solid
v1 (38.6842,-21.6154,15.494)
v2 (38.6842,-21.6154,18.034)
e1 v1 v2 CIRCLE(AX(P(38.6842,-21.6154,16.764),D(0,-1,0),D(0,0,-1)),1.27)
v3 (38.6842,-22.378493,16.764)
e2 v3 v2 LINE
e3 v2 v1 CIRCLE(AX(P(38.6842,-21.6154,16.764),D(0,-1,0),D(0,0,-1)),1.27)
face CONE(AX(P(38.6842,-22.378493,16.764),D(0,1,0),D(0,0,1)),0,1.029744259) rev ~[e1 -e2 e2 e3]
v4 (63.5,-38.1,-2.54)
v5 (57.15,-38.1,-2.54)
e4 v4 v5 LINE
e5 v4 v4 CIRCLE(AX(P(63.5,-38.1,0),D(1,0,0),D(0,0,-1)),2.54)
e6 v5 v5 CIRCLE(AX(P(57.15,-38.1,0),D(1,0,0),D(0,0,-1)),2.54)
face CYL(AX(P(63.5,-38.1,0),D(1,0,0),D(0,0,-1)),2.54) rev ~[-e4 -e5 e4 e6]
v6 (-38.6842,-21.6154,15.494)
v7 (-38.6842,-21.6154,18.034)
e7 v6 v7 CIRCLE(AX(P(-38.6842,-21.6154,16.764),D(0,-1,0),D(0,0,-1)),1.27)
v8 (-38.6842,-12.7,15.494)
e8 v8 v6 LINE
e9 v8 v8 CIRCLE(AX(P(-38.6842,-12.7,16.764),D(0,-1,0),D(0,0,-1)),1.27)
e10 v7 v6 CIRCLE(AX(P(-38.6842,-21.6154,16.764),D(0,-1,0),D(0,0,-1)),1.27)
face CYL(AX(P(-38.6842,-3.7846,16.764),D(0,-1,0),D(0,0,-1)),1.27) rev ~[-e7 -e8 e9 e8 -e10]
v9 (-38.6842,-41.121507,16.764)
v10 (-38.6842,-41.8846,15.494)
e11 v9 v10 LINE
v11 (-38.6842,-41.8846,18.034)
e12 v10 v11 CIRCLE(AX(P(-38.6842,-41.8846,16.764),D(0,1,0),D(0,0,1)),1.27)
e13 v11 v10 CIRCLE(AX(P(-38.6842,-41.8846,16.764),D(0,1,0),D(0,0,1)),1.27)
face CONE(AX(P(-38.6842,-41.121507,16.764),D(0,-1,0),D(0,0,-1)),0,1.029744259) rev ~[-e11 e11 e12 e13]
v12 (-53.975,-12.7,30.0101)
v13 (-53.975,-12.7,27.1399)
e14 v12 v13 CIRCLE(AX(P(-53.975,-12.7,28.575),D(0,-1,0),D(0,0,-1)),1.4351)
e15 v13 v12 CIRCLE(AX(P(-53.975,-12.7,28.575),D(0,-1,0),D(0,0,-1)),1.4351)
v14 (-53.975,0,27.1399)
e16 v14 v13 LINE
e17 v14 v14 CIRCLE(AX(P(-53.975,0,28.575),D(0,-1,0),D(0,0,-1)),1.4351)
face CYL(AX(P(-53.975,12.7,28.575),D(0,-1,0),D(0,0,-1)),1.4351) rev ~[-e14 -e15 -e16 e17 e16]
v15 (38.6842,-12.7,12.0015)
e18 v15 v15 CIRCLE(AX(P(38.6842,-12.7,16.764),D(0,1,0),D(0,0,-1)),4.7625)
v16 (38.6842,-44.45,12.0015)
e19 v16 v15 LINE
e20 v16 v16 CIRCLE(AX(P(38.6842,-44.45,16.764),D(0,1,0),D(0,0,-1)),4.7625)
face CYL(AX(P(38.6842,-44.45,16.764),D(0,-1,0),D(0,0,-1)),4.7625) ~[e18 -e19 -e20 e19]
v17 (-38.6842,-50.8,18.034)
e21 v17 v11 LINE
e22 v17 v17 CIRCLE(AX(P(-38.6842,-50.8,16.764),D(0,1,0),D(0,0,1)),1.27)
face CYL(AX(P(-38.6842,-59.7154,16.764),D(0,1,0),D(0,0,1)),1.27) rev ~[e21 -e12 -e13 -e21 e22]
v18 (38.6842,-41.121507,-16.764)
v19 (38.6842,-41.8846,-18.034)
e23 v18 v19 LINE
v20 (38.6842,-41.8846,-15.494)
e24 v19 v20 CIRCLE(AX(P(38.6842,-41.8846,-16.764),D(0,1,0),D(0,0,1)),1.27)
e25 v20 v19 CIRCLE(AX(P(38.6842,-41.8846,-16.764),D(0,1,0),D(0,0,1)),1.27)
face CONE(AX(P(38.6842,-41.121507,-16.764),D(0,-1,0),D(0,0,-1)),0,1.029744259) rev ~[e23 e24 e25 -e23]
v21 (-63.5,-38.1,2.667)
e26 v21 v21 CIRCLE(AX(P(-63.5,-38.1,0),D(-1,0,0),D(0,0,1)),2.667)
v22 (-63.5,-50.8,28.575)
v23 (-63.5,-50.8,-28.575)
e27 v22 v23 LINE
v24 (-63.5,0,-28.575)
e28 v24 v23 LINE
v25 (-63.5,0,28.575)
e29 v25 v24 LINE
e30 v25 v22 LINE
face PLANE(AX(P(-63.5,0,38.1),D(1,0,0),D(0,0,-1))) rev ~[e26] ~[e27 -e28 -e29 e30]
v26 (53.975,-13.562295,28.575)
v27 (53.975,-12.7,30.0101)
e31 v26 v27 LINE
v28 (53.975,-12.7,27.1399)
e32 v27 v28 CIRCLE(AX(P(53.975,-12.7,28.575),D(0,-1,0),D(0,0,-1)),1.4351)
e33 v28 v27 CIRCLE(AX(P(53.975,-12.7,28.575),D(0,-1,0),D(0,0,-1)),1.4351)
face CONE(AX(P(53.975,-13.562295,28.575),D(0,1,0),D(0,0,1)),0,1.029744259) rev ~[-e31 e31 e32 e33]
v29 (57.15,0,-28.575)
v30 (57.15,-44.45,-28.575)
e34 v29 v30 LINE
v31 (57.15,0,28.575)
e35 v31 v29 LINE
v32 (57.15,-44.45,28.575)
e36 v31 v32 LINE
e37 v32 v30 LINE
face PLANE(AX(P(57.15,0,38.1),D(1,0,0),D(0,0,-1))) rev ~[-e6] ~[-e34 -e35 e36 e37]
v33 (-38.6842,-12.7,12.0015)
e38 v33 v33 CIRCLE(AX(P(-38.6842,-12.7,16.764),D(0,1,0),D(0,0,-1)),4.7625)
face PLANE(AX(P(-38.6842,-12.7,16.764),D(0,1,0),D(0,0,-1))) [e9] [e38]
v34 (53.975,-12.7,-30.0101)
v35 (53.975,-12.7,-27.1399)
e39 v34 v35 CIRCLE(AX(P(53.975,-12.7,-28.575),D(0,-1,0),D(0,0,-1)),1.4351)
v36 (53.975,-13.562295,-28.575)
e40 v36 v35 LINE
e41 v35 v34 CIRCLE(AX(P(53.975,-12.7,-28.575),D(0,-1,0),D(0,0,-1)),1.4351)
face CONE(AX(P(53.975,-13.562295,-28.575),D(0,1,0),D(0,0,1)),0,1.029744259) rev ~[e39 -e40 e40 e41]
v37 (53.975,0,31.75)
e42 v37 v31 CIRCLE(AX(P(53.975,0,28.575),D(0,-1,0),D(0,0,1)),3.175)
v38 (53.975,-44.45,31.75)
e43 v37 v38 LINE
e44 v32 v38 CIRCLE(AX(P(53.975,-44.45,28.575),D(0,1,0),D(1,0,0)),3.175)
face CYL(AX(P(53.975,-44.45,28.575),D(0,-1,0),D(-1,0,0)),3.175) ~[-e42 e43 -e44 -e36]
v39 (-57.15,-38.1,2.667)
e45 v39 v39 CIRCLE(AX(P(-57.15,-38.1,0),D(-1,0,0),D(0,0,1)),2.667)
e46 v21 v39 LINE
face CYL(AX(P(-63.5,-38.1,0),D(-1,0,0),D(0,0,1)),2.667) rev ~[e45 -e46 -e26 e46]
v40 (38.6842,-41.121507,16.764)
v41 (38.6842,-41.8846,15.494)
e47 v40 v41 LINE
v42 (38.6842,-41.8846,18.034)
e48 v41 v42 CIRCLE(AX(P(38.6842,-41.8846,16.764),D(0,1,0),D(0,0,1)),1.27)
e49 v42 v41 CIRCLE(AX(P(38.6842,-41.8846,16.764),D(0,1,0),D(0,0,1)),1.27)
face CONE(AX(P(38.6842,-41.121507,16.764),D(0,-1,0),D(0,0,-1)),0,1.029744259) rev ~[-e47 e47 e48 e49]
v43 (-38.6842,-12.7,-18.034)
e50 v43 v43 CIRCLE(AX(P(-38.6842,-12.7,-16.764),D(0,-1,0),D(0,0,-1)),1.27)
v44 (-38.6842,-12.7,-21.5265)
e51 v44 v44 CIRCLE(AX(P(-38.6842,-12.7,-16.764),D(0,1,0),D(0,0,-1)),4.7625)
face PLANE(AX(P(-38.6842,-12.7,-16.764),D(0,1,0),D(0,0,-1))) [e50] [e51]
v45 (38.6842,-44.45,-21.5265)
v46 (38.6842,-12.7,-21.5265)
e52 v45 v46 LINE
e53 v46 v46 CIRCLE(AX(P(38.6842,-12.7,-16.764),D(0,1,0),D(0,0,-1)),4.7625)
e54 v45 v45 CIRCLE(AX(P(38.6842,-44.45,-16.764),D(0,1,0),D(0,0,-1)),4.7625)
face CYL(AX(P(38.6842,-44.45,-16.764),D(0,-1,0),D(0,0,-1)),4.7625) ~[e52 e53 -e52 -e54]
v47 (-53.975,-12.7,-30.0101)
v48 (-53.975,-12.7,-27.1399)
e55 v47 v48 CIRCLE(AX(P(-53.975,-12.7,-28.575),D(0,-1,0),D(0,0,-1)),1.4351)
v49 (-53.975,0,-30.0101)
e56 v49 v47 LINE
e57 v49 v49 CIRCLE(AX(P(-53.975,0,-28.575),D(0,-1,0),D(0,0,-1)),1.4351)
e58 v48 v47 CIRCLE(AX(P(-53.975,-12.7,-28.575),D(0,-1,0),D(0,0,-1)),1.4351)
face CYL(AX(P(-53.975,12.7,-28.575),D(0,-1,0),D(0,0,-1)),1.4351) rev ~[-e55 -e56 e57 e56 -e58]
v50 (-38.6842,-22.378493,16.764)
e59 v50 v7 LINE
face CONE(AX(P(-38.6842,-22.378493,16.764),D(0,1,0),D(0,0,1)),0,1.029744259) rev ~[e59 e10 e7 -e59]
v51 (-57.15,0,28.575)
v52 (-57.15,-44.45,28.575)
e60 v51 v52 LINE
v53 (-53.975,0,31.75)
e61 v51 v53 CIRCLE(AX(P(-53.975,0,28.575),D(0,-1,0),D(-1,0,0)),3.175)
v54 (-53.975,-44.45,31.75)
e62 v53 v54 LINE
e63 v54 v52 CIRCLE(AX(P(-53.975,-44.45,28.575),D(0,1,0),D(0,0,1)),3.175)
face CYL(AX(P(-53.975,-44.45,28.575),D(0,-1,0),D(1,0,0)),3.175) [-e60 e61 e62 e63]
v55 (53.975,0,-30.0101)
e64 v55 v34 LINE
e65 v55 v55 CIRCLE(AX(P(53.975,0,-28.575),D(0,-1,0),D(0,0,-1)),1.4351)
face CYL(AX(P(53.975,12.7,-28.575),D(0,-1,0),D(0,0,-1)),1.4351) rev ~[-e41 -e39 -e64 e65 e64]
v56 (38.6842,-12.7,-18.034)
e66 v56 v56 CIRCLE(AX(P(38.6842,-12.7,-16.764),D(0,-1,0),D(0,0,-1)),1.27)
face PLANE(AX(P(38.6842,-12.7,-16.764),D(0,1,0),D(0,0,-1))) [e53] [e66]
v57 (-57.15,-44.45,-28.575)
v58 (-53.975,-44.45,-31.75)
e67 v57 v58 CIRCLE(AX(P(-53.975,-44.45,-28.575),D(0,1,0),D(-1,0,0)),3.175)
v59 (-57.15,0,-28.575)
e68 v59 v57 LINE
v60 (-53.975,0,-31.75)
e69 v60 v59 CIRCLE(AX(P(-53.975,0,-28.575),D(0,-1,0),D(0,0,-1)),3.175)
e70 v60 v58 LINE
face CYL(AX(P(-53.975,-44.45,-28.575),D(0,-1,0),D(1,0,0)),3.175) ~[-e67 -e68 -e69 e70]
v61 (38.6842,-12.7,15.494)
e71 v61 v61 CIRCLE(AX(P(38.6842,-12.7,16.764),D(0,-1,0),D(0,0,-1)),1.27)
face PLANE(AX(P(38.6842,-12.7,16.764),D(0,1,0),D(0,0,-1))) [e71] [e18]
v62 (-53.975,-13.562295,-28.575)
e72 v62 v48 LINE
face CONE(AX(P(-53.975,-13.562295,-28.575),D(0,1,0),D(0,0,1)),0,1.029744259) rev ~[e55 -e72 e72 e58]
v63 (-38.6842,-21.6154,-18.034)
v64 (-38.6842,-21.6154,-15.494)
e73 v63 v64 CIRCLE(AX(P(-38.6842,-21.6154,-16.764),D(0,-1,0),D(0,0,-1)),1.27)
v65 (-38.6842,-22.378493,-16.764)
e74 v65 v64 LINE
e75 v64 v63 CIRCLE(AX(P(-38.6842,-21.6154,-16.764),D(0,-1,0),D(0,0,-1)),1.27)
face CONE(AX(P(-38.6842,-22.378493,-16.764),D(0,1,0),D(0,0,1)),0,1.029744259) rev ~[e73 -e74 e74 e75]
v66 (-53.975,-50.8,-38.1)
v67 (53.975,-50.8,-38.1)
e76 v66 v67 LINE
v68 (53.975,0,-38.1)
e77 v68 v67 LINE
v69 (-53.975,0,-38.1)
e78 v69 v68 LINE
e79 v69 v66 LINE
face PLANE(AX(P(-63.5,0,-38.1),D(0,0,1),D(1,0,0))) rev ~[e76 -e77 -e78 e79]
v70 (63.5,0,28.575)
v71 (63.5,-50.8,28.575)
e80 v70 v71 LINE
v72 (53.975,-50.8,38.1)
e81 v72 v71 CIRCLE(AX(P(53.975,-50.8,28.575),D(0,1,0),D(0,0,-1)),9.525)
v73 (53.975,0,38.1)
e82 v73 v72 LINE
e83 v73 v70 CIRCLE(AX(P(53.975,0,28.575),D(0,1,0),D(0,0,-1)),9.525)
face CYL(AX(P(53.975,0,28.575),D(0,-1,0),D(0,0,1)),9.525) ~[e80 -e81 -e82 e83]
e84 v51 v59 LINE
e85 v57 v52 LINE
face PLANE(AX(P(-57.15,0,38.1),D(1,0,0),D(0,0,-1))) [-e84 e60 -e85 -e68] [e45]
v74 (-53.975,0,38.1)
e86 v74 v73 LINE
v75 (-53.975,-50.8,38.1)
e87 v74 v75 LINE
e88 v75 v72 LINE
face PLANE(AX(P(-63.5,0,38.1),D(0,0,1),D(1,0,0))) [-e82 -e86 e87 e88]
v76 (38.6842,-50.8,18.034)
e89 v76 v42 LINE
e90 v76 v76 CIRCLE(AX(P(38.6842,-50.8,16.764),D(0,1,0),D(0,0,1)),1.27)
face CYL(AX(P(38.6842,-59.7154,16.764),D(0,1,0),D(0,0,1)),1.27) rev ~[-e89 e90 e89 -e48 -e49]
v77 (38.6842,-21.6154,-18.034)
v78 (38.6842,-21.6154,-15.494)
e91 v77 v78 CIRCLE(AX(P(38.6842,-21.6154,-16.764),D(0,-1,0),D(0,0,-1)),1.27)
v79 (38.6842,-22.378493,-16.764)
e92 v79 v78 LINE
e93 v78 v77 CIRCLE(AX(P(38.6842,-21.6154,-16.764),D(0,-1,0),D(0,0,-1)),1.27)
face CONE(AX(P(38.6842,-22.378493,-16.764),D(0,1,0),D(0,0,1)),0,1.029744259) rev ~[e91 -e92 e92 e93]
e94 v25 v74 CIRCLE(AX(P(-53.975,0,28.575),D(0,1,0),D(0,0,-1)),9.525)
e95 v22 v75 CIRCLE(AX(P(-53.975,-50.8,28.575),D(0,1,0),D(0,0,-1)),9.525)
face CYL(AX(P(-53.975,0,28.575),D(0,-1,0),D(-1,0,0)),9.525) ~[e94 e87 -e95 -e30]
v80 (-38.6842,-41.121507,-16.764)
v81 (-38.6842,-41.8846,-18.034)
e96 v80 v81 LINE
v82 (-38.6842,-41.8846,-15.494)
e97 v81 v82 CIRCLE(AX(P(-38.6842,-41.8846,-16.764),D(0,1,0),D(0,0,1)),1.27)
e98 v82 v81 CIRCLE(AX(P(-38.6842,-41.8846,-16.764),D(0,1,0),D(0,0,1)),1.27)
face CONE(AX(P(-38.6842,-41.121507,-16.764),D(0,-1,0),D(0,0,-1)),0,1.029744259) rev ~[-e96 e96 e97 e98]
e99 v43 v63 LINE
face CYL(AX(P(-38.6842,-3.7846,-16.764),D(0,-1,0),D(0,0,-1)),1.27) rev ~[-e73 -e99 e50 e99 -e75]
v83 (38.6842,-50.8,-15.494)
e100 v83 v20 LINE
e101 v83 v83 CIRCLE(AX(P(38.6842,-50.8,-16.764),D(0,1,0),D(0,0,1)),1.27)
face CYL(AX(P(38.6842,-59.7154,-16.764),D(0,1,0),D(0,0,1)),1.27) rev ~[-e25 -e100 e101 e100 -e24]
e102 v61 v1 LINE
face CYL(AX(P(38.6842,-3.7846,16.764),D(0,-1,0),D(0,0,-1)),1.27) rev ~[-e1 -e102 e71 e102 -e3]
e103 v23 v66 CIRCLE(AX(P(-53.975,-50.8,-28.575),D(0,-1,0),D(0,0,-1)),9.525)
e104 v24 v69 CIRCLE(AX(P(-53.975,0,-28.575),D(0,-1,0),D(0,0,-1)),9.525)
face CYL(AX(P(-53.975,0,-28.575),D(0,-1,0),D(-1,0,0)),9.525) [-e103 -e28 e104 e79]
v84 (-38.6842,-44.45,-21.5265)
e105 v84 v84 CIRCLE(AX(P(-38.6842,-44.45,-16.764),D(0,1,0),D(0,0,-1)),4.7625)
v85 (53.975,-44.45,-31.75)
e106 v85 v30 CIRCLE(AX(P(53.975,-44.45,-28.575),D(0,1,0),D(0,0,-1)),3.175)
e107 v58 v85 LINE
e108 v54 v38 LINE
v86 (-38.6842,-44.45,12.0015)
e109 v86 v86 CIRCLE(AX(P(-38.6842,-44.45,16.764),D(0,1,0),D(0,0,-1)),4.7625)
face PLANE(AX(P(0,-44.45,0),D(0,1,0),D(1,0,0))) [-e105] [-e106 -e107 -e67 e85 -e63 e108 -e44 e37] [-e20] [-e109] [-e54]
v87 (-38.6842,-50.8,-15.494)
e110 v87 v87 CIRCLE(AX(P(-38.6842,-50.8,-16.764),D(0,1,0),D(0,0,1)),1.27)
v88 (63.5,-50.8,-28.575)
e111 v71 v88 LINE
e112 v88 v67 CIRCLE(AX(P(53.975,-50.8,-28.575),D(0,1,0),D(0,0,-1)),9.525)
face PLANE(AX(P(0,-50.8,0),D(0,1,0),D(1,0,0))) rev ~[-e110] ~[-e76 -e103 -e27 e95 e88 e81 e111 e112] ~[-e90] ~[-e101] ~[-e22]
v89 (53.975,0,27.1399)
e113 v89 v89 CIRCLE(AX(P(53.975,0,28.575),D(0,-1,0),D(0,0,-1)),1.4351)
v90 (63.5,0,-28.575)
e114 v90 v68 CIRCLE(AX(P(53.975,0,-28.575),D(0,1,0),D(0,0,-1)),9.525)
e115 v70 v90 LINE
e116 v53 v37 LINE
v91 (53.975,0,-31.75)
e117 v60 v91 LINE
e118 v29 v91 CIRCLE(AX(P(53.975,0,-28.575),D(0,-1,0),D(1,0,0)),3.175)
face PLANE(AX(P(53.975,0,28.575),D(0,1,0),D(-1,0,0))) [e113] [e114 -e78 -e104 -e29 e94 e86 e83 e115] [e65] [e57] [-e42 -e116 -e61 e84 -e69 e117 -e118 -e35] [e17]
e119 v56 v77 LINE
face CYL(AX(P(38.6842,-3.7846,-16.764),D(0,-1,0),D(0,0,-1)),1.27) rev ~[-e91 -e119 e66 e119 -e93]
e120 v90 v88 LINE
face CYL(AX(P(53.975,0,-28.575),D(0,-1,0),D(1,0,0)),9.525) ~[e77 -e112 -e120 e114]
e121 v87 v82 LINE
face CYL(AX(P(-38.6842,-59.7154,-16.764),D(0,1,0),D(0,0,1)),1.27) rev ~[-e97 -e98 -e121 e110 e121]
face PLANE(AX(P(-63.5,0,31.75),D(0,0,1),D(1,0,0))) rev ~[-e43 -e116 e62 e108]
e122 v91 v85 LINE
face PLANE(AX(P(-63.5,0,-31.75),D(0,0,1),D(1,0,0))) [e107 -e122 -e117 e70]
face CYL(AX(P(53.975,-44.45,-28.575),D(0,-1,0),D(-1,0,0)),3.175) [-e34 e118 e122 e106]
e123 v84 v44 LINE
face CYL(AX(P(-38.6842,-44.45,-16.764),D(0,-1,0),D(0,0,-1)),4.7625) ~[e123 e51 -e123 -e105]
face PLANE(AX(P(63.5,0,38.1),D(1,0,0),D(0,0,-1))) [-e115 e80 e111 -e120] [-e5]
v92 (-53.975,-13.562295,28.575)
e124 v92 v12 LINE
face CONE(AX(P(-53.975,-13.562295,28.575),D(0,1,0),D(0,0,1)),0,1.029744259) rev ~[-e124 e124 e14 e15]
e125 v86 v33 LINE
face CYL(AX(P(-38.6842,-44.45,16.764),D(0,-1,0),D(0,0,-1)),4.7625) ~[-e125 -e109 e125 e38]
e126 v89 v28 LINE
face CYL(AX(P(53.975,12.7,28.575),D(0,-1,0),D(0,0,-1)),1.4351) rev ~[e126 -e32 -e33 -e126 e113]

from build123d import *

# Parameters (mm, degrees)
SKETCH1_W                 = 127
SKETCH1_H                 = 76.2
BOSS_EXTRUDE1_DEPTH       = 50.8
FILLET1_R                 = 9.525
SHELL2_T                  = -6.35
SKETCH2_R                 = 3.175
BOSS_EXTRUDE2_DEPTH       = 44.45
MIRROR2_COPY_1_SKETCH_R   = 3.175
MIRROR2_COPY_1_DEPTH      = 44.45
F_6_40_TAPPED_HOLE1_D     = 2.8702
F_6_40_TAPPED_HOLE1_DEPTH = 12.7
F_6_40_TAPPED_HOLE1_TIP   = 0.862295074
SKETCH4_R                 = 4.7625
BOSS_EXTRUDE3_DEPTH       = 31.75
F_6_40_TAPPED_HOLE2_D     = 2.54
F_6_40_TAPPED_HOLE2_DEPTH = 8.9154
F_6_40_TAPPED_HOLE2_TIP   = 0.763092986
SKETCH7_R                 = 2.667
CUT_EXTRUDE1_DEPTH        = 12.7
SKETCH8_R                 = 2.54
CUT_EXTRUDE2_DEPTH        = 13.97
F_6_40_TAPPED_HOLE3_D     = 2.54
F_6_40_TAPPED_HOLE3_DEPTH = 8.9154
F_6_40_TAPPED_HOLE3_TIP   = 0.763092986


with BuildPart() as part:
    # Sketch1 → Boss-Extrude1 (new body)
    with BuildSketch(Plane(origin=(0, 0, 0), x_dir=(1, 0, 0), z_dir=(0, 1, 0))):
        Rectangle(SKETCH1_W, SKETCH1_H)
    extrude(amount=-BOSS_EXTRUDE1_DEPTH)

    # Fillet1
    fillet1_edges = [part.edges().sort_by_distance(p)[0] for p in [
        (63.5, -25.4, 38.1),
        (-63.5, -25.4, 38.1),
        (-63.5, -25.4, -38.1),
        (63.5, -25.4, -38.1),
    ]]
    fillet(fillet1_edges, radius=FILLET1_R)

    # Shell2
    shell2_openings = [part.faces().sort_by_distance(p)[0] for p in [
        (0, 0, 0),
    ]]
    offset(amount=SHELL2_T, openings=shell2_openings, kind=Kind.INTERSECTION)

    # Sketch2 → Boss-Extrude2 (add)
    with BuildSketch(Plane(origin=(0, -44.45, 0), x_dir=(1, 0, 0), z_dir=(0, 1, 0))):
        with Locations((-53.975, 28.575)):
            Circle(SKETCH2_R)
    boss_extrude2 = extrude(amount=BOSS_EXTRUDE2_DEPTH)

    # Mirror1: Boss-Extrude2 across plane
    add(boss_extrude2.mirror(Plane(origin=(0, 0, 0), x_dir=(0, 0, 1), z_dir=(1, 0, 0))))

    # Mirror2: Boss-Extrude2 across plane
    add(boss_extrude2.mirror(Plane.XY))

    # Mirror2 copy 1 sketch → Mirror2 copy 1 (add)
    with BuildSketch(Plane(origin=(0, -44.45, 0), x_dir=(-1, 0, 0), z_dir=(0, 1, 0))):
        with Locations((-53.975, 28.575)):
            Circle(MIRROR2_COPY_1_SKETCH_R)
    extrude(amount=MIRROR2_COPY_1_DEPTH)

    # #6-40 Tapped Hole1
    with Locations(Plane(origin=(-53.975, 0, -28.575), x_dir=(0, 0, 1), z_dir=(0, 1, 0))):
        with Locations((0, 0), (57.15, 0), (57.15, 107.95), (0, 107.95)):
            Hole(F_6_40_TAPPED_HOLE1_D / 2, depth=F_6_40_TAPPED_HOLE1_DEPTH)
            with Locations((0, 0, -(F_6_40_TAPPED_HOLE1_DEPTH + F_6_40_TAPPED_HOLE1_TIP / 2))):  # 118° drill point
                Cone(0, F_6_40_TAPPED_HOLE1_D / 2, F_6_40_TAPPED_HOLE1_TIP, mode=Mode.SUBTRACT)

    # Sketch4 → Boss-Extrude3 (add)
    with BuildSketch(Plane(origin=(0, -44.45, 0), x_dir=(1, 0, 0), z_dir=(0, 1, 0))):
        with Locations(Location((-38.6842, 16.764, 0), (0, 0, 90))):
            Circle(SKETCH4_R)
        with Locations(Location((38.6842, 16.764, 0), (0, 0, 90))):
            Circle(SKETCH4_R)
        with Locations(Location((-38.6842, -16.764, 0), (0, 0, 90))):
            Circle(SKETCH4_R)
        with Locations(Location((38.6842, -16.764, 0), (0, 0, 90))):
            Circle(SKETCH4_R)
    extrude(amount=BOSS_EXTRUDE3_DEPTH)

    # #6-40 Tapped Hole2
    with Locations(Plane(origin=(-38.6842, -12.7, -16.764), x_dir=(0, 0, 1), z_dir=(0, 1, 0))):
        with Locations((0, 0), (0, 77.3684), (33.528, 0), (33.528, 77.3684)):
            Hole(F_6_40_TAPPED_HOLE2_D / 2, depth=F_6_40_TAPPED_HOLE2_DEPTH)
            with Locations((0, 0, -(F_6_40_TAPPED_HOLE2_DEPTH + F_6_40_TAPPED_HOLE2_TIP / 2))):  # 118° drill point
                Cone(0, F_6_40_TAPPED_HOLE2_D / 2, F_6_40_TAPPED_HOLE2_TIP, mode=Mode.SUBTRACT)

    # Sketch7 → Cut-Extrude1 (cut)
    with BuildSketch(Plane.ZY.offset(63.5)):
        with Locations((0, -38.1)):
            Circle(SKETCH7_R)
    extrude(amount=-CUT_EXTRUDE1_DEPTH, mode=Mode.SUBTRACT)

    # Sketch8 → Cut-Extrude2 (cut)
    with BuildSketch(Plane(origin=(63.5, 0, 0), x_dir=(0, 0, -1), z_dir=(1, 0, 0))):
        with Locations((0, -38.1)):
            Circle(SKETCH8_R)
    extrude(amount=-CUT_EXTRUDE2_DEPTH, mode=Mode.SUBTRACT)

    # #6-40 Tapped Hole3
    with Locations(Plane(origin=(-38.6842, -50.8, -16.764), x_dir=(0, 0, -1), z_dir=(0, -1, 0))):
        with Locations((0, 0), (-33.528, 0), (-33.528, 77.3684), (0, 77.3684)):
            Hole(F_6_40_TAPPED_HOLE3_D / 2, depth=F_6_40_TAPPED_HOLE3_DEPTH)
            with Locations((0, 0, -(F_6_40_TAPPED_HOLE3_DEPTH + F_6_40_TAPPED_HOLE3_TIP / 2))):  # 118° drill point
                Cone(0, F_6_40_TAPPED_HOLE3_D / 2, F_6_40_TAPPED_HOLE3_TIP, mode=Mode.SUBTRACT)


solid = part.part
